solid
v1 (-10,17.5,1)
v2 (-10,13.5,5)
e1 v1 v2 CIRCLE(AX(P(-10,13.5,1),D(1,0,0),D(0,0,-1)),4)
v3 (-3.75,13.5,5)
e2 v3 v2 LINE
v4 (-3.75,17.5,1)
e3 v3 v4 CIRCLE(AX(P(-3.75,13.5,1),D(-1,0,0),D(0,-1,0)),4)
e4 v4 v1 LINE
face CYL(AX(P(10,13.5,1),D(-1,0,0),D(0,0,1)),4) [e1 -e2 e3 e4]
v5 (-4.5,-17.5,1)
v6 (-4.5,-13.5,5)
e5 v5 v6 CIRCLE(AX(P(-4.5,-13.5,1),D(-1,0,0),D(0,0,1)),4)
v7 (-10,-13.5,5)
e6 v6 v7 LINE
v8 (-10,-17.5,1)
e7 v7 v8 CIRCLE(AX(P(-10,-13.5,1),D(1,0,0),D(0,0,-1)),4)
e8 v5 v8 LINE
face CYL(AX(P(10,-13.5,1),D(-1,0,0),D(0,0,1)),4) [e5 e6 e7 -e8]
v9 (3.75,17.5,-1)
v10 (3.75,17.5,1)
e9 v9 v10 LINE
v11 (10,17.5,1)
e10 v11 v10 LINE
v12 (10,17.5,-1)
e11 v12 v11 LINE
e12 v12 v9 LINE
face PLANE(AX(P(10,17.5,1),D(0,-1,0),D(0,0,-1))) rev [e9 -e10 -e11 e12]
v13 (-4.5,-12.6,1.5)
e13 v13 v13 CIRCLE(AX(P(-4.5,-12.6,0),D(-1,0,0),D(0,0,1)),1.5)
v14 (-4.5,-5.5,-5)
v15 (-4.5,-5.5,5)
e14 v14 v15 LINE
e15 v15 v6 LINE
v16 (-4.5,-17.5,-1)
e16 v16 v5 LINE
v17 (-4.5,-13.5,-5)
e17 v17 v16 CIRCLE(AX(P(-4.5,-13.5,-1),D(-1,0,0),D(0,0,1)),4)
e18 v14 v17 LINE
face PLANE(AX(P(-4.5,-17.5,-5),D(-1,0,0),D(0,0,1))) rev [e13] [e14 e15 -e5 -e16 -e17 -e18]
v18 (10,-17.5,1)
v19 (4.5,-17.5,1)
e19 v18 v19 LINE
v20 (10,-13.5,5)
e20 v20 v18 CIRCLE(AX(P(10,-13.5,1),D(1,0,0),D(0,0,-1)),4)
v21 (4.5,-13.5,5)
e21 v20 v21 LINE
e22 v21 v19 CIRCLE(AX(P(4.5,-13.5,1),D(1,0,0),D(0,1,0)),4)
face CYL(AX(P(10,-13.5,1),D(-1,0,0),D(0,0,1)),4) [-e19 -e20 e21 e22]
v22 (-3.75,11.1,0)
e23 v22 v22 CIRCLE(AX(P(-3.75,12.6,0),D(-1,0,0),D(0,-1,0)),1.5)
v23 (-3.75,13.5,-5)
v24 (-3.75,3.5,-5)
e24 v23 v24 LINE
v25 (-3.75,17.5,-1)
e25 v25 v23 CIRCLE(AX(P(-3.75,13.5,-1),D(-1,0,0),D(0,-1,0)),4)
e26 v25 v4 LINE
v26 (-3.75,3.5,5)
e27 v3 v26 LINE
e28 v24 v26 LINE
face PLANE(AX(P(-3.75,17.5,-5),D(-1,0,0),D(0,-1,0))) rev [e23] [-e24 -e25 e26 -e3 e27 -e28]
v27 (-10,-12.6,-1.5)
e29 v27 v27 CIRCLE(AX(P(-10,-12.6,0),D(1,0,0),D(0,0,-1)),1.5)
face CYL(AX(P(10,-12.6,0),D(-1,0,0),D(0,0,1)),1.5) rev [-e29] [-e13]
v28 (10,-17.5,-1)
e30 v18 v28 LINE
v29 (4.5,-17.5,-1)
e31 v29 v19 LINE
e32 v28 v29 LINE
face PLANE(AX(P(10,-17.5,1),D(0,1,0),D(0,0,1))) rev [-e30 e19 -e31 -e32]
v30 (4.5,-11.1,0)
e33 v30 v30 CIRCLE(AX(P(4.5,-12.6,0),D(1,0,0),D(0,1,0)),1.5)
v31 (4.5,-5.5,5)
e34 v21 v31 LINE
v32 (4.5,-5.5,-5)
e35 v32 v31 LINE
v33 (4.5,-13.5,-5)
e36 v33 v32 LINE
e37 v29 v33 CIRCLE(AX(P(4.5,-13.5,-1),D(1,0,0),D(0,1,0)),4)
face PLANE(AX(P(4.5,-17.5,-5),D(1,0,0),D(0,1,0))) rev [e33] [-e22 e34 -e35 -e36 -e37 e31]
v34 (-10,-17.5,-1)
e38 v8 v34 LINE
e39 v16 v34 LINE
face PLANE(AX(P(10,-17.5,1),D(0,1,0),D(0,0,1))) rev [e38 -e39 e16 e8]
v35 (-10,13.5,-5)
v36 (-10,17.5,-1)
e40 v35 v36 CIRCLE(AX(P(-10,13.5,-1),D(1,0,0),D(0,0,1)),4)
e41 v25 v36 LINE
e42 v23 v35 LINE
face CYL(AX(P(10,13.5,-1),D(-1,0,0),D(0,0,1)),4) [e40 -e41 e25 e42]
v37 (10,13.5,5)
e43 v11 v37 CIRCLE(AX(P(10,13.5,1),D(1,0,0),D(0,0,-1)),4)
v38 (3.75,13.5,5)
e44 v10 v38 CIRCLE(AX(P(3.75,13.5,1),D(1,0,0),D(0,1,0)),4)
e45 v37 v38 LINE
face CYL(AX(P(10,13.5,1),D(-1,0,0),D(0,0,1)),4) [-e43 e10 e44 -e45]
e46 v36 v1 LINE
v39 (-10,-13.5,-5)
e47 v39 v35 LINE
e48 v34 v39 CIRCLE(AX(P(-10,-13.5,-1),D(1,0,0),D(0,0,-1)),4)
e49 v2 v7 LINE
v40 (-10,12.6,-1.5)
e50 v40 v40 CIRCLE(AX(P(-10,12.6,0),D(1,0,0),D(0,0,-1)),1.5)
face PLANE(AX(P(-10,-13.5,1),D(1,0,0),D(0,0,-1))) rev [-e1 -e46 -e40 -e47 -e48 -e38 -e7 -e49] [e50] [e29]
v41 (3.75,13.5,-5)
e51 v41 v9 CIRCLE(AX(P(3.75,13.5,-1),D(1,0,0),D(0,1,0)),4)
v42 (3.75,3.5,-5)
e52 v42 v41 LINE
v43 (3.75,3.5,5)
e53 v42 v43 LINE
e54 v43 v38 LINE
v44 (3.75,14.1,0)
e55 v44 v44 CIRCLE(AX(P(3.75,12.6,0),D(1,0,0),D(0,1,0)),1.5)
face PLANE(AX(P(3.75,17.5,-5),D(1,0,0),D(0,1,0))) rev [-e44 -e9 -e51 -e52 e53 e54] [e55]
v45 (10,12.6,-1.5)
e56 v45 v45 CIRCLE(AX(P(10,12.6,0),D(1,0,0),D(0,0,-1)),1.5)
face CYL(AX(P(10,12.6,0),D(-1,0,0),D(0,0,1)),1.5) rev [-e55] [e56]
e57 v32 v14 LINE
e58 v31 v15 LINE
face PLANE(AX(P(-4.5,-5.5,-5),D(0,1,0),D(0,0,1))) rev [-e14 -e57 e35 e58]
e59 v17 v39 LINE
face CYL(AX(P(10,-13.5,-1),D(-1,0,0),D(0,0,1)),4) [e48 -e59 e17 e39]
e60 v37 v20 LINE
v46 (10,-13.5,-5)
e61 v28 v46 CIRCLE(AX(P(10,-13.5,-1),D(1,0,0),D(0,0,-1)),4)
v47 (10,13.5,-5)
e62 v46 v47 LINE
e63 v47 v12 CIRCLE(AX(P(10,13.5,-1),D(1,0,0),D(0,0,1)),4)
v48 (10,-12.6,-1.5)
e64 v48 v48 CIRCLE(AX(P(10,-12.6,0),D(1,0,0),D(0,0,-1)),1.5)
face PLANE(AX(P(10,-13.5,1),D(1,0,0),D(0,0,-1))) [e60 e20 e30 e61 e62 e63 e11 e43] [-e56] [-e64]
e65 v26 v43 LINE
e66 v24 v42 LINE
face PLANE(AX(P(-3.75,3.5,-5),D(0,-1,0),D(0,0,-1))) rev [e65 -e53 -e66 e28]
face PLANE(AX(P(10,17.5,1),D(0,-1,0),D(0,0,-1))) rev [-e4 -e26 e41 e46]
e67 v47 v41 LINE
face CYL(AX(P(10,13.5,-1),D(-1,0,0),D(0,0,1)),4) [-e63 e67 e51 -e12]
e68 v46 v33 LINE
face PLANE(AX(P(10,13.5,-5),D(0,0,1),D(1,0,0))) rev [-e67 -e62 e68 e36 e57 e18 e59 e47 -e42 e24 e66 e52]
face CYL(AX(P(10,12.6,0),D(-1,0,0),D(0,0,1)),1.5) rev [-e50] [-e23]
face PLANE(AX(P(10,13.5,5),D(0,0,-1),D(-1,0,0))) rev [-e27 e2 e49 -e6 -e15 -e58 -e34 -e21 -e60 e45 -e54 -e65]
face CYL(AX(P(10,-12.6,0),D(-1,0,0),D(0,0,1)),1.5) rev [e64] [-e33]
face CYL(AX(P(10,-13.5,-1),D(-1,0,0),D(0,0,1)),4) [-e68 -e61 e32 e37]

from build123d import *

# Parameters (mm, degrees)
CROQUIS1_R                 = 1.5
SALIENTE_EXTRUIR1_DEPTH    = 10
CORTAR_EXTRUIR1_DEPTH      = 21.766559657
CORTAR_EXTRUIR1_DEPTH_BACK = 21.766559657
CROQUIS2_W                 = 9
CROQUIS2_H                 = 12
CROQUIS2_W_2               = 7.5
CROQUIS2_H_2               = 14


with BuildPart() as part:
    # Croquis1 → Saliente-Extruir1 (new, symmetric)
    with BuildSketch(Plane(origin=(0, 0, 0), x_dir=(0, 0, -1), z_dir=(1, 0, 0))):
        with BuildLine():
            Line((-1, 17.5), (1, 17.5))
            ThreePointArc((1, 17.5), (3.828427125, 16.328427125), (5, 13.5))
            Line((5, 13.5), (5, -13.5))
            ThreePointArc((5, -13.5), (3.828427125, -16.328427125), (1, -17.5))
            Line((1, -17.5), (-1, -17.5))
            ThreePointArc((-1, -17.5), (-3.828427125, -16.328427125), (-5, -13.5))
            Line((-5, -13.5), (-5, 13.5))
            ThreePointArc((-5, 13.5), (-3.828427125, 16.328427125), (-1, 17.5))
        make_face()
        with Locations((0, 12.6)):
            Circle(CROQUIS1_R, mode=Mode.SUBTRACT)
        with Locations((0, -12.6)):
            Circle(CROQUIS1_R, mode=Mode.SUBTRACT)
    extrude(amount=SALIENTE_EXTRUIR1_DEPTH, both=True)

    # Croquis2 → Cortar-Extruir1 (cut, two sides: drawn at the far end of the back side and taken through both)
    with BuildSketch(Plane.XY.offset(-CORTAR_EXTRUIR1_DEPTH_BACK)):
        with Locations((0, -11.5)):
            Rectangle(CROQUIS2_W, CROQUIS2_H)
        with Locations((0, 10.5)):
            Rectangle(CROQUIS2_W_2, CROQUIS2_H_2)
    extrude(amount=CORTAR_EXTRUIR1_DEPTH + CORTAR_EXTRUIR1_DEPTH_BACK, mode=Mode.SUBTRACT)


solid = part.part
